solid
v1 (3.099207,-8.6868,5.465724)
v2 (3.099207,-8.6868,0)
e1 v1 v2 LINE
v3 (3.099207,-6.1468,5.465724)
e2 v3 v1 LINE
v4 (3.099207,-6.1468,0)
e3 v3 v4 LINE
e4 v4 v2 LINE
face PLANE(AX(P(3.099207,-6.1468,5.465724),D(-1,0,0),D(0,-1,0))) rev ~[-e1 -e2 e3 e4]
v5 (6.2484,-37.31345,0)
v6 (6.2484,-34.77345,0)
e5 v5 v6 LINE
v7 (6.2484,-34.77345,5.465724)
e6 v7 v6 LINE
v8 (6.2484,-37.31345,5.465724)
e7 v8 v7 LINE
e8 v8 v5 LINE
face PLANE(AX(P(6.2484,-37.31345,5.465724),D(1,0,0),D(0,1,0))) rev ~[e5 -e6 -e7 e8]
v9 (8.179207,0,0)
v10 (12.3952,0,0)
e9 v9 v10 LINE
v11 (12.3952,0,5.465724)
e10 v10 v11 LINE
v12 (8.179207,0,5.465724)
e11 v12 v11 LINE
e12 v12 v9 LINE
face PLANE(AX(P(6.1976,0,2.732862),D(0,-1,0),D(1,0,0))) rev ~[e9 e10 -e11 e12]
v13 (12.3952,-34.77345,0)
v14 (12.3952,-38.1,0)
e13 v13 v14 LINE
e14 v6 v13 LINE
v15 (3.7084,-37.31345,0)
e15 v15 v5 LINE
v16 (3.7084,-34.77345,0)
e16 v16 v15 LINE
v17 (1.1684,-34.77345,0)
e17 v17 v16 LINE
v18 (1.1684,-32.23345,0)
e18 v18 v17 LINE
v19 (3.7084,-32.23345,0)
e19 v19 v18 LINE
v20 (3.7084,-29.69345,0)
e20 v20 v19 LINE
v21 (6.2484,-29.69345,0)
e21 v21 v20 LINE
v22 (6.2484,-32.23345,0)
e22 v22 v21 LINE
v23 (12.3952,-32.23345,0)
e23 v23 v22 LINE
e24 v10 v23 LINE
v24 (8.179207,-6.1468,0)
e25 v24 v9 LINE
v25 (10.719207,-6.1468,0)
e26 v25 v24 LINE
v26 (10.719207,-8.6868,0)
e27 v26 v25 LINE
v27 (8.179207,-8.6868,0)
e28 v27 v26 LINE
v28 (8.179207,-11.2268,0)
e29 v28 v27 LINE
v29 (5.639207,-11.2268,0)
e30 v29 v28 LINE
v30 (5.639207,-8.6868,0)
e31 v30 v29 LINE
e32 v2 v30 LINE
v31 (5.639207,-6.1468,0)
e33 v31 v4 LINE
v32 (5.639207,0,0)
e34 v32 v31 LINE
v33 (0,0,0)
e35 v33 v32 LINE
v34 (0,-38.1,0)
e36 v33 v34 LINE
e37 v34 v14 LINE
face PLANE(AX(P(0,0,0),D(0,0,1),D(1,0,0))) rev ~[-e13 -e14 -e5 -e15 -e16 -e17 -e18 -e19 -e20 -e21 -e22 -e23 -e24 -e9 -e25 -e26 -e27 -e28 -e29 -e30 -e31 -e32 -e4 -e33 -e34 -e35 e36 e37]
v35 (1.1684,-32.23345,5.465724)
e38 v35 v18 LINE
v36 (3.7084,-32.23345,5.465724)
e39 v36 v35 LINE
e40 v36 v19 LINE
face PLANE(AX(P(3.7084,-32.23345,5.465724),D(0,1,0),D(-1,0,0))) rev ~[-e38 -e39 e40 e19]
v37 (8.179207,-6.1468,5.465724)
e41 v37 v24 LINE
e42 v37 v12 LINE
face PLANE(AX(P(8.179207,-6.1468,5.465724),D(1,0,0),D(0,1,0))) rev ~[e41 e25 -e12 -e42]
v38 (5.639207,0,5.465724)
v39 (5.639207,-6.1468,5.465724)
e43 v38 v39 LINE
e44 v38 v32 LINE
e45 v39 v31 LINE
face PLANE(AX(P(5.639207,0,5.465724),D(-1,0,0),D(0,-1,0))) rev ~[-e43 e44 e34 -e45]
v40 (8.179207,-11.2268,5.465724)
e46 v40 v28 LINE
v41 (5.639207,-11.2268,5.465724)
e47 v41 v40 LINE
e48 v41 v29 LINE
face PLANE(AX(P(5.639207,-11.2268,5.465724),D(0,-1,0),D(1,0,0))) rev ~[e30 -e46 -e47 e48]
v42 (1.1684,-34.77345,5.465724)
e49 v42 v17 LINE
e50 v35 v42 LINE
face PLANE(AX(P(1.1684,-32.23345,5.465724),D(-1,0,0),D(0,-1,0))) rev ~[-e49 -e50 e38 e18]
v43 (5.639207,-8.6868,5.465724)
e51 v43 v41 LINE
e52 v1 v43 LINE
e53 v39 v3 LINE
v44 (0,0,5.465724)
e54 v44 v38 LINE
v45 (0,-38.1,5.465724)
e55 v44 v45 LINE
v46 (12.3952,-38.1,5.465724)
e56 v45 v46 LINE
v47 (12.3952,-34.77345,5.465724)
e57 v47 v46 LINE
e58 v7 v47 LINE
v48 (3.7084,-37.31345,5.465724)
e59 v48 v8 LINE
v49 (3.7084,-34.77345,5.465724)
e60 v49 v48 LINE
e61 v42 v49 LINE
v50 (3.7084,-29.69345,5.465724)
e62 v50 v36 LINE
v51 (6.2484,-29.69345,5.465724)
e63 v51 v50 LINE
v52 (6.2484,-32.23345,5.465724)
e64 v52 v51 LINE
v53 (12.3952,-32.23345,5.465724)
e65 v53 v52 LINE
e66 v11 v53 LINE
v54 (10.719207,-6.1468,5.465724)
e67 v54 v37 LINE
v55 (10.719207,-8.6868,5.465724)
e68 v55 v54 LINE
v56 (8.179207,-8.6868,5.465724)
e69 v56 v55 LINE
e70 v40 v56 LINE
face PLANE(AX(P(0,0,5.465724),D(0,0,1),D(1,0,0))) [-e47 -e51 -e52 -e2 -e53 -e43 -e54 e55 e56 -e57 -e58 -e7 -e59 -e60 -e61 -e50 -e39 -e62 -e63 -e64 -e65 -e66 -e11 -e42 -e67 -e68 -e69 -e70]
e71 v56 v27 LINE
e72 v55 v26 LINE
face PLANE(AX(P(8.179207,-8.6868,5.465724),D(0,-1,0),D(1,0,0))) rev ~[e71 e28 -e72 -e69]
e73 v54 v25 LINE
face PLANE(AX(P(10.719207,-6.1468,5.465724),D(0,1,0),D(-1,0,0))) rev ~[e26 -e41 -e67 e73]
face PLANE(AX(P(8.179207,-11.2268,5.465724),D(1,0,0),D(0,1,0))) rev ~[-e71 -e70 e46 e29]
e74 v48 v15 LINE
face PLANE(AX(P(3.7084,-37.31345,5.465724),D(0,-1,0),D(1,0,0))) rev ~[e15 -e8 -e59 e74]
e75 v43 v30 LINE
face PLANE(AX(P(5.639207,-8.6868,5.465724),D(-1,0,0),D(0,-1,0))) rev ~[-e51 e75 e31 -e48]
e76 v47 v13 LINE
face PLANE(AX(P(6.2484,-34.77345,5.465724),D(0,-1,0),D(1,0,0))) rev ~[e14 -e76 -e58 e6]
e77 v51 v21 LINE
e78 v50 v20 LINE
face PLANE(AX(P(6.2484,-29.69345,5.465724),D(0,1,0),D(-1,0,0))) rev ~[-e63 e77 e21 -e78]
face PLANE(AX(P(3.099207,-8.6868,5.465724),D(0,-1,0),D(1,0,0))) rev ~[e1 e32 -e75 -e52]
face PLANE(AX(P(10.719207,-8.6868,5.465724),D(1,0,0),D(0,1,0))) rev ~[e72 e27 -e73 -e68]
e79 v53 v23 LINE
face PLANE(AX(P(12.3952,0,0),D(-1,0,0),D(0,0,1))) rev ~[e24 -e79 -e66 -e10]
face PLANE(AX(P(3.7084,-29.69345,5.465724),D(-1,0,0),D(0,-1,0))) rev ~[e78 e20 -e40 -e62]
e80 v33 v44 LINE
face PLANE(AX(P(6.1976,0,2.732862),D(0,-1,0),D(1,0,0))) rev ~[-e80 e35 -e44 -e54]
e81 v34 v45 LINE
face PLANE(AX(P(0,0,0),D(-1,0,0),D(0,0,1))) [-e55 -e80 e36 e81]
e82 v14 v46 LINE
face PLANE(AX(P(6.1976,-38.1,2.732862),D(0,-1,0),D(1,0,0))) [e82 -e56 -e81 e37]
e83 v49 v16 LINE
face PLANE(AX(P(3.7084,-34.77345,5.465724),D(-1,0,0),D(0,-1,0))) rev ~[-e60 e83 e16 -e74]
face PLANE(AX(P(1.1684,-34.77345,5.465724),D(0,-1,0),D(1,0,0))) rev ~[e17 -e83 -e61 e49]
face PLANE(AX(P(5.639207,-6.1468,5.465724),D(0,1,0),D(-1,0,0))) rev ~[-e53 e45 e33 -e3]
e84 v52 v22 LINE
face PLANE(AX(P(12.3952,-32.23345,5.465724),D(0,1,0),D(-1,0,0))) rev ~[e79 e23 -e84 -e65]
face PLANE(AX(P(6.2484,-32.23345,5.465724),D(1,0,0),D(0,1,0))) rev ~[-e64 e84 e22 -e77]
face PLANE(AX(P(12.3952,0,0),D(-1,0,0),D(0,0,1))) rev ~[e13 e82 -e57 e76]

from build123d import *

# Parameters (mm, degrees)
F0_W     = 12.3952
F0_H     = 5.465724
F1_DEPTH = 38.1
F3_DEPTH = 25.4
F4_DEPTH = 25.4


with BuildPart() as f1:
    # F0 (on Front) → F1 (new body)
    with BuildSketch(Plane.XZ):
        with Locations((6.1976, 2.732862)):
            Rectangle(F0_W, F0_H)
    extrude(amount=F1_DEPTH)

    # F2 (on face) → F3 (cut)
    with BuildSketch(Plane.XY.offset(5.465724)):
        Polygon((8.179207, 0), (5.639207, 0), (5.639207, -6.1468), (3.099207, -6.1468), (3.099207, -8.6868), (5.639207, -8.6868), (5.639207, -11.2268), (8.179207, -11.2268), (8.179207, -8.6868), (10.719207, -8.6868), (10.719207, -6.1468), (8.179207, -6.1468), align=None)
    extrude(amount=-F3_DEPTH, mode=Mode.SUBTRACT)

    # F2 (on face) → F4 (cut)
    with BuildSketch(Plane.XY.offset(5.465724)):
        Polygon((12.3952, -34.77345), (12.3952, -32.23345), (6.2484, -32.23345), (6.2484, -29.69345), (3.7084, -29.69345), (3.7084, -32.23345), (1.1684, -32.23345), (1.1684, -34.77345), (3.7084, -34.77345), (3.7084, -37.31345), (6.2484, -37.31345), (6.2484, -34.77345), align=None)
    extrude(amount=-F4_DEPTH, mode=Mode.SUBTRACT)


solid = f1.part
